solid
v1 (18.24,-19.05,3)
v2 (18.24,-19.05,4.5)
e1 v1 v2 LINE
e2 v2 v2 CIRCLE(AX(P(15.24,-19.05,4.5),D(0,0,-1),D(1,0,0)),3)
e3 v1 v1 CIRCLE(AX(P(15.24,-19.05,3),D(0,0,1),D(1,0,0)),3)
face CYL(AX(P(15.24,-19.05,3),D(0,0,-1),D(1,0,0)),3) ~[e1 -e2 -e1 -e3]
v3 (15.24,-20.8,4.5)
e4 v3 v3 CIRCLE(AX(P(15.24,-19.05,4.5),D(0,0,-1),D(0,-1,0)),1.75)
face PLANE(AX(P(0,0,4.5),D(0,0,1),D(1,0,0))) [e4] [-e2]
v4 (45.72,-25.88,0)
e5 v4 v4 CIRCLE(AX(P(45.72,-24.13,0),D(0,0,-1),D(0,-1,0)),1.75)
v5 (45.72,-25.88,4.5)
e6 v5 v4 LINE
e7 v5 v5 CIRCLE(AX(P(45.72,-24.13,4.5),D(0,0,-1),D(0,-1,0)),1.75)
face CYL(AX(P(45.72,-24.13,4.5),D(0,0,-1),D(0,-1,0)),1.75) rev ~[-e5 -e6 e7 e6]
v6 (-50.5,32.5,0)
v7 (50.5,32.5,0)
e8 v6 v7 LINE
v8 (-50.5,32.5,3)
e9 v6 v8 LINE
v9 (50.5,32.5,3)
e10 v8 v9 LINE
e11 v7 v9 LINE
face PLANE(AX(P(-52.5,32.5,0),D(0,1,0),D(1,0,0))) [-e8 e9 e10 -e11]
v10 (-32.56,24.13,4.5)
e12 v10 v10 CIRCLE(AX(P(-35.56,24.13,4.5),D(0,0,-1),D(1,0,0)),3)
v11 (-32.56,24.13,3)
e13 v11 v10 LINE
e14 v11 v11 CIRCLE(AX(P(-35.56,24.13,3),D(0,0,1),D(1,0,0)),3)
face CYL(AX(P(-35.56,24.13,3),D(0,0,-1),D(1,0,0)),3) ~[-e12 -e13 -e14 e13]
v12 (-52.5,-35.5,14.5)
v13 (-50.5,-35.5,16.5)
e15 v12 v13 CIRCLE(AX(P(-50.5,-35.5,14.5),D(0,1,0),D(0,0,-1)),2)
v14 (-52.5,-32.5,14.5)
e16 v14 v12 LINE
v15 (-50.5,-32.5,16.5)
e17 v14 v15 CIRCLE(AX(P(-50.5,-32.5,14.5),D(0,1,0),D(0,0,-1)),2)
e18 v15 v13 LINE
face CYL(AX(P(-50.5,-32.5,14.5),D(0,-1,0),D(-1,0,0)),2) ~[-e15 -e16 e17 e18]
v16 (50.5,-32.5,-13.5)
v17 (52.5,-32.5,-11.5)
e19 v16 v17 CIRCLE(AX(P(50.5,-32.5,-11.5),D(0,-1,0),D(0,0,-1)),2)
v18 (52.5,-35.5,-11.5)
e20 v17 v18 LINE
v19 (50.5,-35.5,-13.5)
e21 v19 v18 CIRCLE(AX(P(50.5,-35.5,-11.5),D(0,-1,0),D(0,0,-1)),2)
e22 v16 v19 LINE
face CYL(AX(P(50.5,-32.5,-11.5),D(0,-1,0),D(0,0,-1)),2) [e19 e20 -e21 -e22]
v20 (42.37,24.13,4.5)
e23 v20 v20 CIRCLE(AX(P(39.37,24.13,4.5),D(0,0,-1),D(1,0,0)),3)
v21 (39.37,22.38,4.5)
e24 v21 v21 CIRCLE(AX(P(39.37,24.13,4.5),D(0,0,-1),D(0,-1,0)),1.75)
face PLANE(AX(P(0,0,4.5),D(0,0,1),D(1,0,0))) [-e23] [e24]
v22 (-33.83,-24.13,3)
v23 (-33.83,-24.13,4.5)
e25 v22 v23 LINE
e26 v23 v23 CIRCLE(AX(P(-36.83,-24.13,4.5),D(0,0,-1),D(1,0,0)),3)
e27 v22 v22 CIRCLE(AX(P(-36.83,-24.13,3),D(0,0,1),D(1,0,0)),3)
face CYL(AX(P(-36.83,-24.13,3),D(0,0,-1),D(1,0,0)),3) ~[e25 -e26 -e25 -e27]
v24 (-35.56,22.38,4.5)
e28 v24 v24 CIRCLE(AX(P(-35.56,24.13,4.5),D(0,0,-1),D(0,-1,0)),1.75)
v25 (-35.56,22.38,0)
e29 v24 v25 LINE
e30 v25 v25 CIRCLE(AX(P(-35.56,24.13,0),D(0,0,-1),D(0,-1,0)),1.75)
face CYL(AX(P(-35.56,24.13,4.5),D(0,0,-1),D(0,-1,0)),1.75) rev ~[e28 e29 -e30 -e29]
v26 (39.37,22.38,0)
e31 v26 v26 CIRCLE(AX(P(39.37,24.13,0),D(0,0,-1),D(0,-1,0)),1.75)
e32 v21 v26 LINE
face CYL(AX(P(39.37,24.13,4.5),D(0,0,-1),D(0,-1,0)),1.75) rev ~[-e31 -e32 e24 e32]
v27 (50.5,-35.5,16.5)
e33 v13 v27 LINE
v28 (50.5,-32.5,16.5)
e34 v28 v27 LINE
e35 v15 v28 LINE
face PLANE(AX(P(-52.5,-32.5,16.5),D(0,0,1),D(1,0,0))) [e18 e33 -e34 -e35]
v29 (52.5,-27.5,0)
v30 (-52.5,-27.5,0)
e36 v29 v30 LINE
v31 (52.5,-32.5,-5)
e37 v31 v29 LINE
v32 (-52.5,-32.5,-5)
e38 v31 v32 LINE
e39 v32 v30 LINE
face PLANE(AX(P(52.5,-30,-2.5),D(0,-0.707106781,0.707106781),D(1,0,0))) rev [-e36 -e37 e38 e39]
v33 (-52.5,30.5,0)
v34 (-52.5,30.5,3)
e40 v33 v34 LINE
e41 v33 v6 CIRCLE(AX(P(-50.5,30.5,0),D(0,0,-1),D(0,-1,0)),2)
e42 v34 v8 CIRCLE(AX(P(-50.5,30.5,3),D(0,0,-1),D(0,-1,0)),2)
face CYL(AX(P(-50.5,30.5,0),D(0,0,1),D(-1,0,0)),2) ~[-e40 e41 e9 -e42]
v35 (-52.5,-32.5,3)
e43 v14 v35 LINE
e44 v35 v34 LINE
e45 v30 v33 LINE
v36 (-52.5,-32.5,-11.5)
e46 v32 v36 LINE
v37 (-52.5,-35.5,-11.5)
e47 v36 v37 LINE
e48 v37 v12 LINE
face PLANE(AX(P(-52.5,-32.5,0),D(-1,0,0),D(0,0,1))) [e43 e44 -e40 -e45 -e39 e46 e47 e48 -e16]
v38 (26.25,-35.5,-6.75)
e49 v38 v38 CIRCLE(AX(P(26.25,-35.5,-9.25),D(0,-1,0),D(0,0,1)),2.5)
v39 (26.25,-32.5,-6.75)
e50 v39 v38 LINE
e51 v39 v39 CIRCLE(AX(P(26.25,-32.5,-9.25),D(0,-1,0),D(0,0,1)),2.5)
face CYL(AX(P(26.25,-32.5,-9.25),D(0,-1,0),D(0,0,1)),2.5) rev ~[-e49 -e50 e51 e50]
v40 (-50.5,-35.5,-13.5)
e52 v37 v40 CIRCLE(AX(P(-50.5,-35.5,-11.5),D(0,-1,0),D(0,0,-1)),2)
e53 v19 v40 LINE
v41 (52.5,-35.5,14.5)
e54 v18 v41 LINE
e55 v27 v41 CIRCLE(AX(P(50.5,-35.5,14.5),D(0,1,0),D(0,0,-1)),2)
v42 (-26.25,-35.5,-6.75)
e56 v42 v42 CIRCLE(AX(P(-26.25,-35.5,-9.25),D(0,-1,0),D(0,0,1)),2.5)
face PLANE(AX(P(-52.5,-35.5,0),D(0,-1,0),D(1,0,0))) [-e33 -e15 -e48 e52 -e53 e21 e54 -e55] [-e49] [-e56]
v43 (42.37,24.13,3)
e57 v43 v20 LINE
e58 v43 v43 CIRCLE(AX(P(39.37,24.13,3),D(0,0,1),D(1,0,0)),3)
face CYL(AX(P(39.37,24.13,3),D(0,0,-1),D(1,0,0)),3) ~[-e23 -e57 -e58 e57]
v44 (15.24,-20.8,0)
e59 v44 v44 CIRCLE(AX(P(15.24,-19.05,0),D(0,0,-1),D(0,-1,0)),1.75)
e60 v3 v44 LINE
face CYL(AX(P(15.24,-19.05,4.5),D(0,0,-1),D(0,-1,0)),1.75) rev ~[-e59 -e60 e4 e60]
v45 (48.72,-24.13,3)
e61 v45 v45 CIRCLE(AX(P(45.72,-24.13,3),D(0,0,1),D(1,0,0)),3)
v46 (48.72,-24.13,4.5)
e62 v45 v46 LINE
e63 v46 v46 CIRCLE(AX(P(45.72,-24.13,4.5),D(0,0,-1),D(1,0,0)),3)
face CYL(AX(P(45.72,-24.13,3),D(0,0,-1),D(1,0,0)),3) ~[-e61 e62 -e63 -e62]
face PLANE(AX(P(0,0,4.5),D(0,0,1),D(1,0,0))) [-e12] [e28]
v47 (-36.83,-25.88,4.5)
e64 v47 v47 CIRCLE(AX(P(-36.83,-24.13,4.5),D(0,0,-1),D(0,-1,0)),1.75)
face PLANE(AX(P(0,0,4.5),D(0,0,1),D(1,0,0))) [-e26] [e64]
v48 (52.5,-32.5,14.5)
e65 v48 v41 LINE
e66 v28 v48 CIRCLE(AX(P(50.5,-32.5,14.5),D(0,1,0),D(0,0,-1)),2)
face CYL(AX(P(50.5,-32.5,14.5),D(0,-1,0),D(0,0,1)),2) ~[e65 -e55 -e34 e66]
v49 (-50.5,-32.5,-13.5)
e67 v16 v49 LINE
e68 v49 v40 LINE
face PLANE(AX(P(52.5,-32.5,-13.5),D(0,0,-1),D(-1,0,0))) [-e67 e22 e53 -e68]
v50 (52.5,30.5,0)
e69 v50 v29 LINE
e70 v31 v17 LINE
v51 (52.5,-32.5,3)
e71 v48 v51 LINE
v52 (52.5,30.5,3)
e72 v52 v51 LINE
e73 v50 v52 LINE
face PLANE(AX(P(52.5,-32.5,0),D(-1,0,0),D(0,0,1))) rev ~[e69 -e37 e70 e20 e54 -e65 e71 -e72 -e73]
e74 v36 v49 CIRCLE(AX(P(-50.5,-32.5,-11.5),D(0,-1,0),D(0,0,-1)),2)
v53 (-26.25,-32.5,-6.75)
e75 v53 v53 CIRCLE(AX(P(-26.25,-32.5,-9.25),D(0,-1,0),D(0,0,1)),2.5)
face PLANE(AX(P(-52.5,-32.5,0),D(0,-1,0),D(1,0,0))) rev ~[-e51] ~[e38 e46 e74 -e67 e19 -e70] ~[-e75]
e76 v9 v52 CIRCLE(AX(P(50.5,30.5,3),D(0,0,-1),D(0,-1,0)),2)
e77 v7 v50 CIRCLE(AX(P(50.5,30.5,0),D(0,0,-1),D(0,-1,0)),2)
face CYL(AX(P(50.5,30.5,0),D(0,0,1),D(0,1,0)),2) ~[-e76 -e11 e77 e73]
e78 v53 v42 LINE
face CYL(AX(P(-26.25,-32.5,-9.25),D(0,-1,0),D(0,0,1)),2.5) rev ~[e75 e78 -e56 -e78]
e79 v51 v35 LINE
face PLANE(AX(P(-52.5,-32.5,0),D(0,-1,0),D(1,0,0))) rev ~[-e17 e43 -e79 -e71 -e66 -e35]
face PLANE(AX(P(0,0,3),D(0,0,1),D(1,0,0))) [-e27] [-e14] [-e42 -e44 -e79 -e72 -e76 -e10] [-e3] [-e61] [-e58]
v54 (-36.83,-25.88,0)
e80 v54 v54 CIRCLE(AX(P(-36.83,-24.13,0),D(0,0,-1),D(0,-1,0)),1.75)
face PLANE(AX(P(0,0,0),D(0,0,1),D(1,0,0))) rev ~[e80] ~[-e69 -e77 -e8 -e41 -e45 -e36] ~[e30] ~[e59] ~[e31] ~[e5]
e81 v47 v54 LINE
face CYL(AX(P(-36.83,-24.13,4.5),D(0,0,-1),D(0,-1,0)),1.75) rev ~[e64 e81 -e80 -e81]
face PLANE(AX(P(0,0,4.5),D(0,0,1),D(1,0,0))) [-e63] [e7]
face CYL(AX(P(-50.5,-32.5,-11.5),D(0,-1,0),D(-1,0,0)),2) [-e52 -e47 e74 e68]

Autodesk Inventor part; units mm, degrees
ref_plane "YZ Plane" through (0, 0, 0) normal (1, 0, 0) x (0, 1, 0)
ref_plane "XZ Plane" through (0, 0, 0) normal (0, 1, 0) x (-1, 0, 0)
ref_plane "XY Plane" through (0, 0, 0) normal (0, 0, 1) x (1, 0, 0)
sketch "Sketch1" plane through (0, 0, 0) normal (0, 0, 1) x (1, 0, 0)
  line L0 (-52.5, 32.5) -> (52.5, 32.5)
  line L1 (52.5, 32.5) -> (52.5, -32.5)
  line L2 (52.5, -32.5) -> (-52.5, -32.5)
  line L3 (-52.5, -32.5) -> (-52.5, 32.5)
  line L4 (-52.5, 32.5) -> (52.5, -32.5) construction
  line L5 (52.5, 32.5) -> (-52.5, -32.5) construction
  point P0 (0, 0)
  dimension "d0" = 105
  dimension "d1" = 65
extrude "Extrusion1" add sketch "Sketch1" along normal blind 3
sketch "Sketch2" plane through (0, 0, 3) normal (0, 0, 1) x (1, 0, 0)
  line L0 (-50.8, 26.67) -> (50.8, 26.67)
  line L1 (50.8, 26.67) -> (50.8, -26.67)
  line L2 (50.8, -26.67) -> (-50.8, -26.67)
  line L3 (-50.8, -26.67) -> (-50.8, 26.67)
  line L4 (-50.8, 26.67) -> (50.8, -26.67) construction
  line L5 (50.8, 26.67) -> (-50.8, -26.67) construction
  line L6 (50.8, -24.13) -> (-50.8, -24.13)
  line L7 (-35.56, -26.67) -> (-35.56, 26.67)
  line L8 (50.8, 24.13) -> (-50.8, 24.13)
  circle A0 centre (-35.56, 24.13) radius 3
  line L9 (-36.83, -26.67) -> (-36.83, 26.67)
  circle A1 centre (-36.83, -24.13) radius 3
  line L10 (45.72, -26.67) -> (45.72, 26.67)
  circle A2 centre (45.72, -24.13) radius 3
  line L11 (15.24, -26.67) -> (15.24, 26.67)
  line L12 (50.8, -19.05) -> (-50.8, -19.05)
  circle A3 centre (15.24, -19.05) radius 3
  line L13 (39.37, -26.67) -> (39.37, 26.67)
  circle A4 centre (39.37, 24.13) radius 3
  point P0 (0, 0)
  dimension "d4" = 101.6
  dimension "d5" = 53.34
  dimension "d6" = 2.54
  dimension "d7" = 15.24
  dimension "d8" = 50.8
  dimension "d9" = 6
  dimension "d10" = 13.97
  dimension "d11" = 6
  dimension "d12" = 96.52
  dimension "d13" = 6
  dimension "d14" = 66.04
  dimension "d15" = 7.62
  dimension "d16" = 6
  dimension "d17" = 90.17
  dimension "d18" = 6
extrude "Extrusion2" add sketch "Sketch2" along normal blind 1.5 contours L0 A0 | L9 L8 A0 L0 | L0 L7 L8 L9 | L0 A0 L8 L7 | L9 A0 L8 | L8 L7 A0 L9 | L8 A0 L7 | A4 L0 | L0 L13 L8 A4 | A1 L7 L6 L9 | L9 L6 A1 | L0 A4 L8 L13 | L8 L13 A4 | A3 L12 L11 | L11 L12 A3 | A1 L6 L7 | L12 L11 A3 | L9 L2 A1 L6 | L6 L7 L2 L9 | L8 A4 L13 | L12 A3 L11 | L6 A1 L2 L7 | L2 A1 | A2 L6 L10 | L10 L6 A2 | L6 L10 L2 A2 | L6 A2 L2 L10 | L2 A2
sketch "Sketch3" plane through (-35.56, 24.13, 4.5) normal (0, 0, 1) x (1, 0, 0)
  circle A0 centre (74.93, 0) radius 3 projected
  circle A1 centre (81.28, -48.26) radius 3 projected
  circle A2 centre (50.8, -43.18) radius 3 projected
  circle A3 centre (-1.27, -48.26) radius 3 projected
  point P0 (35.56, -24.13)
  point P1 (0, 0)
hole "Hole1" at (-35.56, 24.13, 4.5) at (39.37, 24.13, 4.5) at (45.72, -24.13, 4.5) at (15.24, -19.05, 4.5) at (-36.83, -24.13, 4.5) direction (0, 0, -1) diameter 3.5 end through all
sketch "Sketch4" plane through (-52.5, -32.5, 0) normal (0, -1, 0) x (1, 0, 0)
  line L0 (0, 0) -> (0, 3) projected
  line L1 (0, 1.5) -> (105, 1.5)
  line L2 (105, 0) -> (105, 3) projected
  line L3 (0, 16.5) -> (105, 16.5)
  line L4 (105, 16.5) -> (105, -13.5)
  line L5 (105, -13.5) -> (0, -13.5)
  line L6 (0, -13.5) -> (0, 16.5)
  line L7 (0, 16.5) -> (105, -13.5) construction
  line L8 (105, 16.5) -> (0, -13.5) construction
  point P0 (52.5, 0)
  point P1 (52.5, 1.5)
  dimension "d29" = 30
extrude "Extrusion3" add sketch "Sketch4" along normal blind 3
chamfer "Chamfer1" distance 5 angle 45 1 edges at (0, -32.5, 0)
sketch "Sketch5" plane through (-52.5, -32.5, 0) normal (0, 1, 0) x (1, 0, 0)
  line L0 (105, 5) -> (105, 13.5) projected
  line L1 (105, 9.25) -> (0, 9.25)
  line L2 (0, -16.5) -> (0, 13.5) projected
  line L3 (0, 13.5) -> (105, 13.5) projected
  line L4 (52.5, 13.5) -> (52.5, 5)
  line L5 (105, 5) -> (0, 5) projected
  line L6 (78.75, 13.5) -> (78.75, 5)
  line L7 (26.25, 13.5) -> (26.25, 5)
  point P0 (52.5, 0)
  point P1 (78.75, 9.25)
  point P2 (26.25, 9.25)
  dimension "d36" = 26.25
  dimension "d37" = 26.25
hole "Hole2" at (26.25, -32.5, -9.25) at (-26.25, -32.5, -9.25) direction (0, -1, 0) diameter 5 end through all
fillet "Fillet2" radius 2 6 edges at (-52.5, 32.5, 1.5) (-52.5, -34, 16.5) (-52.5, -34, -13.5) (52.5, -34, -13.5) (52.5, -34, 16.5) (52.5, 32.5, 1.5)
properties part number "Eletronica - suporteArduino"
